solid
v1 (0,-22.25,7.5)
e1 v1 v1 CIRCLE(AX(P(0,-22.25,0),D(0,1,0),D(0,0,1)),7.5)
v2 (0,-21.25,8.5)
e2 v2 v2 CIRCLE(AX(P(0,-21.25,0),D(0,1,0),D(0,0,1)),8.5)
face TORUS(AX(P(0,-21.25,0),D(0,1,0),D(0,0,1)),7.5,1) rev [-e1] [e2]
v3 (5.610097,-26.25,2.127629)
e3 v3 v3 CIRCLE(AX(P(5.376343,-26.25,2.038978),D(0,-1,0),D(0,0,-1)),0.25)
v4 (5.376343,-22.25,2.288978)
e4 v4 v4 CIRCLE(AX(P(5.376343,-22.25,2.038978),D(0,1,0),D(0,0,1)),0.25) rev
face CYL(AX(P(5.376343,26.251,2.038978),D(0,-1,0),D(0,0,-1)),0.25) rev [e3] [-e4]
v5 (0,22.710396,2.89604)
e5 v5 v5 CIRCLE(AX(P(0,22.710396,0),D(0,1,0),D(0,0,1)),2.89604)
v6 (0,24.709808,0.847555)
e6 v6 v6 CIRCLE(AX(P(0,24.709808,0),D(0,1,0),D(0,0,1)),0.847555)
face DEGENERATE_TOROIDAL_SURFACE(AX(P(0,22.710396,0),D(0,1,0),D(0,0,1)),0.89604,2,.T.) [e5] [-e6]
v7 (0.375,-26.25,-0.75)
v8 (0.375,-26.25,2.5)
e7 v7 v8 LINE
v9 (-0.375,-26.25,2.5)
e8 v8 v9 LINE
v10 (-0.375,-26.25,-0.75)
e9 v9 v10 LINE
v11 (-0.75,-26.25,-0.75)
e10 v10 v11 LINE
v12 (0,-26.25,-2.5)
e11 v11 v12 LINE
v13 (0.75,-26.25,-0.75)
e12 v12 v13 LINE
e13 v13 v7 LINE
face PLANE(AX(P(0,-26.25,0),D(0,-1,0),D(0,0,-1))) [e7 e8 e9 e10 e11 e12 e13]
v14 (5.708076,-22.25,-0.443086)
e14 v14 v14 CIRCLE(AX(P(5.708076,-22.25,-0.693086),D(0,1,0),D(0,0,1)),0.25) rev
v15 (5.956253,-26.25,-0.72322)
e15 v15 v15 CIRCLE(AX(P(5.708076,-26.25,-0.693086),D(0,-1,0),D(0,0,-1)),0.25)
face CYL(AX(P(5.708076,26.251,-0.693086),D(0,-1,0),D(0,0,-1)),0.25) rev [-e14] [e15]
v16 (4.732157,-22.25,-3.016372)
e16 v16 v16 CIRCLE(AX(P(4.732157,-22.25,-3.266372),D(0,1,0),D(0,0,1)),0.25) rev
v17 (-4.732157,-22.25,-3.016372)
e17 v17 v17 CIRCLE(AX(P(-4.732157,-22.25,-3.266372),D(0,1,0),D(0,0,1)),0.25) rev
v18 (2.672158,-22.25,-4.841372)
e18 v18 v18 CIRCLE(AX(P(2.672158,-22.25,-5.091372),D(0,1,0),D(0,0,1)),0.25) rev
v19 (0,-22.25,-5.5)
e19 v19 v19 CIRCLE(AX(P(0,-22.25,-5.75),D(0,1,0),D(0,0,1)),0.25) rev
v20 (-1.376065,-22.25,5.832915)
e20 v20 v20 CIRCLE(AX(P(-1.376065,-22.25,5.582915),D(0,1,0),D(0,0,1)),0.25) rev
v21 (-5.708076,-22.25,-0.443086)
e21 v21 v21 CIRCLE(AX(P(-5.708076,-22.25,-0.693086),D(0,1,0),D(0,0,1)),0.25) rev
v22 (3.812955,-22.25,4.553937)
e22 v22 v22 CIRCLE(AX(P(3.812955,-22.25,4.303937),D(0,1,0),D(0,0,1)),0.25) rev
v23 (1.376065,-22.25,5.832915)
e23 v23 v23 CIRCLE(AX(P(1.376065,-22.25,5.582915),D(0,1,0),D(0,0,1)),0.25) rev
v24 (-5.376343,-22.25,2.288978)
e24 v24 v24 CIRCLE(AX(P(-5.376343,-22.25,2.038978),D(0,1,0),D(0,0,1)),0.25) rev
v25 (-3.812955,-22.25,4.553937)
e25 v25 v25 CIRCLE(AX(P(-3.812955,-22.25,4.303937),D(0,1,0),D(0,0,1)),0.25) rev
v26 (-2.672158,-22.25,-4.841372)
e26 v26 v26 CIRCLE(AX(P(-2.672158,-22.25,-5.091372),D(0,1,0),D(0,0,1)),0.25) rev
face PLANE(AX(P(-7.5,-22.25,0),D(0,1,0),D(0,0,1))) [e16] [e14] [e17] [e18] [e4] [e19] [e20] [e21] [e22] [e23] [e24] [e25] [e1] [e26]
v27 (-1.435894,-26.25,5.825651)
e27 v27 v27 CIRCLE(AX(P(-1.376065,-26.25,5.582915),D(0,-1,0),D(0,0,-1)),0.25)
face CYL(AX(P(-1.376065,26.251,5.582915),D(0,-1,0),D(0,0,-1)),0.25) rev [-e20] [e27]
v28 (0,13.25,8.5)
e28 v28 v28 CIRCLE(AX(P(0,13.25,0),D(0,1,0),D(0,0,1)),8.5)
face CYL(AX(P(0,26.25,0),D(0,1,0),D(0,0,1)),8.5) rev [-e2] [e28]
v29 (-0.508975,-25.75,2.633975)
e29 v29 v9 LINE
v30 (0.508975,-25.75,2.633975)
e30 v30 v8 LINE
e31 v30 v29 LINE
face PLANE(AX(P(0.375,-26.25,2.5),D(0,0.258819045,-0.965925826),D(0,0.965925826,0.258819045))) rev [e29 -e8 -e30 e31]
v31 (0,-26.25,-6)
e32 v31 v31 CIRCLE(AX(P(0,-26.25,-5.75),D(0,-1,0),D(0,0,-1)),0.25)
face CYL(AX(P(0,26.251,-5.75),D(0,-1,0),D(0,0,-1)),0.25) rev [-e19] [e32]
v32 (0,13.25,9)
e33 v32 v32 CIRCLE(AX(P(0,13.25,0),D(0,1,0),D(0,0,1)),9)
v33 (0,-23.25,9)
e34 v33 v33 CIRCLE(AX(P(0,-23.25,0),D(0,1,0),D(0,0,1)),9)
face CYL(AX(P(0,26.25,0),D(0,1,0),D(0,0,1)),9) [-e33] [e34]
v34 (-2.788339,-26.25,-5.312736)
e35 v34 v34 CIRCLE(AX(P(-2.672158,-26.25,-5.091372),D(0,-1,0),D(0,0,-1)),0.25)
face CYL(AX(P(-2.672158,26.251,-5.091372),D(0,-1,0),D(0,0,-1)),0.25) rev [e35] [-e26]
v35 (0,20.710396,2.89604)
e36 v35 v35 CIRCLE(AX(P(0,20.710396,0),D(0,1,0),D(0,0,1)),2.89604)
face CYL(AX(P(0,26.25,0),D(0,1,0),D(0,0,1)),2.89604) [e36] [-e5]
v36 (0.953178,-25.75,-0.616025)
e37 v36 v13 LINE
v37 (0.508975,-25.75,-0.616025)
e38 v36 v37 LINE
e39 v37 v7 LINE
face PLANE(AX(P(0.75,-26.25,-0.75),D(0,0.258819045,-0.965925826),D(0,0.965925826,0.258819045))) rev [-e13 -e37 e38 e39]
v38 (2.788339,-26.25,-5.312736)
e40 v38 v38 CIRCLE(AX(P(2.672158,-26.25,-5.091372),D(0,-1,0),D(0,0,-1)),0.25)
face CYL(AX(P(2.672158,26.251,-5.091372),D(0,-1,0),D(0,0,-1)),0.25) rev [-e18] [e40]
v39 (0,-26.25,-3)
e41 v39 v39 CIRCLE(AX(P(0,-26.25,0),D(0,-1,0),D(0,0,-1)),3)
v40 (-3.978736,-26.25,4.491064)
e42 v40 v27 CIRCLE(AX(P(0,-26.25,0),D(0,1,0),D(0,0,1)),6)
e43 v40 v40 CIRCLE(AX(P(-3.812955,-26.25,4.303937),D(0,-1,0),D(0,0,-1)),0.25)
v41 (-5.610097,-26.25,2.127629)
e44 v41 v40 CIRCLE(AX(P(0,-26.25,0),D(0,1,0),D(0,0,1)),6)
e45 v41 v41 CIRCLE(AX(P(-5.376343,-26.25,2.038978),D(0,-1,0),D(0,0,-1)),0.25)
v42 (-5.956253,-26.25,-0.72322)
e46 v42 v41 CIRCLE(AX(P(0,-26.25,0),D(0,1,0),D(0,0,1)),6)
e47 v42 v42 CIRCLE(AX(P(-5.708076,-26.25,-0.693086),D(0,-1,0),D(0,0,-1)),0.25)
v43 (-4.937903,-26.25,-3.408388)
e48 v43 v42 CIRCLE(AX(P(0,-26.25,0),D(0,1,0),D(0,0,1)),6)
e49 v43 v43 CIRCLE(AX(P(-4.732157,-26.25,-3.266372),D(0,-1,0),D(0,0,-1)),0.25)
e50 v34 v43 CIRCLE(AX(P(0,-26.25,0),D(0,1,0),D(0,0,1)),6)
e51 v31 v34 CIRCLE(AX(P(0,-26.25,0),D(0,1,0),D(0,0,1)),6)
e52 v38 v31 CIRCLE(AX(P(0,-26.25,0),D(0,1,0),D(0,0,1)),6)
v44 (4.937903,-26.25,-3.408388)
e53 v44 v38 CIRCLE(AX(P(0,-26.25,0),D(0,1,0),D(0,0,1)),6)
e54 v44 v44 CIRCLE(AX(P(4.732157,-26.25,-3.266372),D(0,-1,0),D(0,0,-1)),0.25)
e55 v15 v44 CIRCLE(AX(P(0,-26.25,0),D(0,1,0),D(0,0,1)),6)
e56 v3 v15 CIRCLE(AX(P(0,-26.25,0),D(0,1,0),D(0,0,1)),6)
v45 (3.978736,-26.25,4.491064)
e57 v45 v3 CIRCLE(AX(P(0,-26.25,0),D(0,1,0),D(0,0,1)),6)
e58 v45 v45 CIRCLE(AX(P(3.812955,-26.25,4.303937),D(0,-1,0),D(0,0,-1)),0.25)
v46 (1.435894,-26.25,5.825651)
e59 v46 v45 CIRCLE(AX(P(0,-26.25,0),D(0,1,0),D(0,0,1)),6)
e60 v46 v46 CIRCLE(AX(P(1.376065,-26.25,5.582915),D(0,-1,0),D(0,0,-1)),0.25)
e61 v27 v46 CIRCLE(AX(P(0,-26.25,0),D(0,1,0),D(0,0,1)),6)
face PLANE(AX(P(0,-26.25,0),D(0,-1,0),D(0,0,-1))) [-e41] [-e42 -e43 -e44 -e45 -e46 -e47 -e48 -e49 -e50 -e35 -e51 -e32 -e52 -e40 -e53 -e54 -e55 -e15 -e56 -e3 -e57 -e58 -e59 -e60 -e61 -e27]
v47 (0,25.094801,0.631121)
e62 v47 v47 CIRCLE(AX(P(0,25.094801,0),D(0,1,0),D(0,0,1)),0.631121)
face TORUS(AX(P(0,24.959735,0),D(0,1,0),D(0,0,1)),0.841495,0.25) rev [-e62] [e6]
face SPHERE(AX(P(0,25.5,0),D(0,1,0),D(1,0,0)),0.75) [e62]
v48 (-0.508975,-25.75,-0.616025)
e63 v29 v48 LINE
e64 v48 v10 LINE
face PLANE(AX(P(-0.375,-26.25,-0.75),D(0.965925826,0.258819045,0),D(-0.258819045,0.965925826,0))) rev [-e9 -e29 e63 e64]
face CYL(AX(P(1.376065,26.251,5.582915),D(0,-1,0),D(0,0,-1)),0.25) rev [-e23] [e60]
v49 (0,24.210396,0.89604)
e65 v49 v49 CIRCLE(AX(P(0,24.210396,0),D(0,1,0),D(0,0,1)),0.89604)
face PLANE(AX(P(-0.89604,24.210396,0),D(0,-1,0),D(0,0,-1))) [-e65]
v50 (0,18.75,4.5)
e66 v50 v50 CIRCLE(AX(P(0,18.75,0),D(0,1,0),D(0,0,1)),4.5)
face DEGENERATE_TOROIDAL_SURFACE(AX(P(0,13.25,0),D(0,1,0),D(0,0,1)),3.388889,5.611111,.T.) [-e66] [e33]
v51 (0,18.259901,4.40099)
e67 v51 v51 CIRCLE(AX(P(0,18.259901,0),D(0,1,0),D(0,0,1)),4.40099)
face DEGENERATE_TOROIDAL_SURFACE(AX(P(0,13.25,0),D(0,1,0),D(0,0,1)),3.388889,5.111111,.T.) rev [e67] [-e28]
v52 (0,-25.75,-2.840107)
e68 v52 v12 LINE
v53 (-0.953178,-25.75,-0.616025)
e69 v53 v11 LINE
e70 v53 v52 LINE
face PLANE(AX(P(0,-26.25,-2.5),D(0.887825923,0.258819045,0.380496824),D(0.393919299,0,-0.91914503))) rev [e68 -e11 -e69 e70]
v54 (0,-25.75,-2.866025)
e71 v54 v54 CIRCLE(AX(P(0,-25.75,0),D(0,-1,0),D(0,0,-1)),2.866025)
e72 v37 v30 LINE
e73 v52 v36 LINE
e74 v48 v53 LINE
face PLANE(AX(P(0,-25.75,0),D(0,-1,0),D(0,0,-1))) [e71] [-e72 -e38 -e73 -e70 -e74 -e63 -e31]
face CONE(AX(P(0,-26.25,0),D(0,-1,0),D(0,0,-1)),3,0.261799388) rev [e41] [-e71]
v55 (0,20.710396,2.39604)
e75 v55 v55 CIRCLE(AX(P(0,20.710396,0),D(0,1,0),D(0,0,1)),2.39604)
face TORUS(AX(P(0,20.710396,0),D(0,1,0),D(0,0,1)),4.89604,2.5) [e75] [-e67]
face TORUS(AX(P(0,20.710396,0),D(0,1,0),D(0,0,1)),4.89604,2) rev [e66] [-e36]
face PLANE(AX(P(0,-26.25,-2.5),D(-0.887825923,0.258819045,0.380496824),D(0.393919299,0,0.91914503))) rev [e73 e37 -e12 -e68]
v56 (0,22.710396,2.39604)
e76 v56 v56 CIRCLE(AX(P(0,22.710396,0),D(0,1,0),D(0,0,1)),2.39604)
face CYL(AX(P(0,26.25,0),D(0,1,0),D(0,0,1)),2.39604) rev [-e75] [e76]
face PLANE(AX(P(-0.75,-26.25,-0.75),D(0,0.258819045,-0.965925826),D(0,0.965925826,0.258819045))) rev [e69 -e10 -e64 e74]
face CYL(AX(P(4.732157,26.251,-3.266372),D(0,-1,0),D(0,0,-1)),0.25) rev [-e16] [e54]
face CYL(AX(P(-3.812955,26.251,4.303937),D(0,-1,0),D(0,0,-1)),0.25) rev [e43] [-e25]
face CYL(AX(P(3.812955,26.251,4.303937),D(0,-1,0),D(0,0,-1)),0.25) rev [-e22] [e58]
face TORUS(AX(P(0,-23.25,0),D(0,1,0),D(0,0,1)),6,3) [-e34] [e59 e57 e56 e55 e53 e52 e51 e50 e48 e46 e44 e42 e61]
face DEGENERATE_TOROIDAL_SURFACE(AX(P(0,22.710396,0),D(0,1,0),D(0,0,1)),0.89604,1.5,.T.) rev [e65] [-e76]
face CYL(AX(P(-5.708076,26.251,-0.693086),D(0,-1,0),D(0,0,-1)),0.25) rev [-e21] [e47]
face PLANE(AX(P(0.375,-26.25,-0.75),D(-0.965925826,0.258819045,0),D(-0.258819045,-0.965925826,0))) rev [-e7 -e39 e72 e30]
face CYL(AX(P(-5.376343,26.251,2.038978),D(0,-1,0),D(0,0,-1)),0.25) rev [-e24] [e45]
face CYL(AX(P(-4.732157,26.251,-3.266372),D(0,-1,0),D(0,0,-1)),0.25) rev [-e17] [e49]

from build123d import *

# Parameters (mm, degrees)
CUT_EXTRUDE1_REACH = 54.5
SKETCH2_R          = 0.25
SKETCH3_R          = 3
CUT_EXTRUDE2_DEPTH = 0.5
CUT_EXTRUDE2_TAPER = 15


with BuildPart() as part:
    # Sketch1 → Revolve1 (revolve)
    with BuildSketch(Plane.XY):
        with BuildLine():
            Line((0, -26.25), (-6, -26.25))
            ThreePointArc((-6, -26.25), (-8.121320344, -25.371320344), (-9, -23.25))
            Line((-9, -23.25), (-9, 13.25))
            ThreePointArc((-9, 13.25), (-7.73164929, 16.803167601), (-4.5, 18.75))
            ThreePointArc((-4.5, 18.75), (-3.348125006, 19.443920459), (-2.896039604, 20.71039604))
            Line((-2.896039604, 20.71039604), (-2.896039604, 22.71039604))
            ThreePointArc((-2.896039604, 22.71039604), (-2.293006224, 24.141648729), (-0.847555343, 24.709808272))
            ThreePointArc((-0.847555343, 24.709808272), (-0.623570884, 24.837222914), (-0.631121107, 25.094801101))
            ThreePointArc((-0.631121107, 25.094801101), (-0.658178993, 25.859583666), (0, 26.25))
            Line((0, 26.25), (0, 24.21039604))
            Line((0, 24.21039604), (-0.896039604, 24.21039604))
            ThreePointArc((-0.896039604, 24.21039604), (-1.956699776, 23.771056211), (-2.396039604, 22.71039604))
            Line((-2.396039604, 22.71039604), (-2.396039604, 20.71039604))
            ThreePointArc((-2.396039604, 20.71039604), (-2.961146356, 19.127301564), (-4.400990099, 18.25990099))
            ThreePointArc((-4.400990099, 18.25990099), (-7.34467064, 16.486548706), (-8.5, 13.25))
            Line((-8.5, 13.25), (-8.5, -21.25))
            ThreePointArc((-8.5, -21.25), (-8.207106781, -21.957106781), (-7.5, -22.25))
            Line((-7.5, -22.25), (0, -22.25))
            Line((0, -22.25), (0, -26.25))
        make_face()
    revolve(axis=Axis((0, 26.25, 0), (0, -1, 0)))

    # Sketch2 → Cut-Extrude1 (cut, up to next)
    with BuildSketch(Plane.XZ.offset(26.25), mode=Mode.PRIVATE) as cut_extrude1_sk1:
        with Locations((0, -5.75)):
            Circle(SKETCH2_R)
    cut_extrude1_tool1 = extrude(cut_extrude1_sk1.sketch, amount=-CUT_EXTRUDE1_REACH, mode=Mode.PRIVATE) & part.part
    add(cut_extrude1_tool1.solids().sort_by_distance((0, -26.25, -5.75))[0], mode=Mode.SUBTRACT)
    # Sketch2 → Cut-Extrude1 (cut, up to next)
    with BuildSketch(Plane.XZ.offset(26.25), mode=Mode.PRIVATE) as cut_extrude1_sk2:
        with Locations((-2.672158239, -5.091372148)):
            Circle(SKETCH2_R)
    cut_extrude1_tool2 = extrude(cut_extrude1_sk2.sketch, amount=-CUT_EXTRUDE1_REACH, mode=Mode.PRIVATE) & part.part
    add(cut_extrude1_tool2.solids().sort_by_distance((-2.672158, -26.25, -5.091372))[0], mode=Mode.SUBTRACT)
    # Sketch2 → Cut-Extrude1 (cut, up to next)
    with BuildSketch(Plane.XZ.offset(26.25), mode=Mode.PRIVATE) as cut_extrude1_sk3:
        with Locations((-4.732157229, -3.266372294)):
            Circle(SKETCH2_R)
    cut_extrude1_tool3 = extrude(cut_extrude1_sk3.sketch, amount=-CUT_EXTRUDE1_REACH, mode=Mode.PRIVATE) & part.part
    add(cut_extrude1_tool3.solids().sort_by_distance((-4.732157, -26.25, -3.266372))[0], mode=Mode.SUBTRACT)
    # Sketch2 → Cut-Extrude1 (cut, up to next)
    with BuildSketch(Plane.XZ.offset(26.25), mode=Mode.PRIVATE) as cut_extrude1_sk4:
        with Locations((-5.708076026, -0.693085911)):
            Circle(SKETCH2_R)
    cut_extrude1_tool4 = extrude(cut_extrude1_sk4.sketch, amount=-CUT_EXTRUDE1_REACH, mode=Mode.PRIVATE) & part.part
    add(cut_extrude1_tool4.solids().sort_by_distance((-5.708076, -26.25, -0.693086))[0], mode=Mode.SUBTRACT)
    # Sketch2 → Cut-Extrude1 (cut, up to next)
    with BuildSketch(Plane.XZ.offset(26.25), mode=Mode.PRIVATE) as cut_extrude1_sk5:
        with Locations((-5.376343395, 2.0389781)):
            Circle(SKETCH2_R)
    cut_extrude1_tool5 = extrude(cut_extrude1_sk5.sketch, amount=-CUT_EXTRUDE1_REACH, mode=Mode.PRIVATE) & part.part
    add(cut_extrude1_tool5.solids().sort_by_distance((-5.376343, -26.25, 2.038978))[0], mode=Mode.SUBTRACT)
    # Sketch2 → Cut-Extrude1 (cut, up to next)
    with BuildSketch(Plane.XZ.offset(26.25), mode=Mode.PRIVATE) as cut_extrude1_sk6:
        with Locations((-3.812955285, 4.303936802)):
            Circle(SKETCH2_R)
    cut_extrude1_tool6 = extrude(cut_extrude1_sk6.sketch, amount=-CUT_EXTRUDE1_REACH, mode=Mode.PRIVATE) & part.part
    add(cut_extrude1_tool6.solids().sort_by_distance((-3.812955, -26.25, 4.303937))[0], mode=Mode.SUBTRACT)
    # Sketch2 → Cut-Extrude1 (cut, up to next)
    with BuildSketch(Plane.XZ.offset(26.25), mode=Mode.PRIVATE) as cut_extrude1_sk7:
        with Locations((-1.37606507, 5.58291545)):
            Circle(SKETCH2_R)
    cut_extrude1_tool7 = extrude(cut_extrude1_sk7.sketch, amount=-CUT_EXTRUDE1_REACH, mode=Mode.PRIVATE) & part.part
    add(cut_extrude1_tool7.solids().sort_by_distance((-1.376065, -26.25, 5.582915))[0], mode=Mode.SUBTRACT)
    # Sketch2 → Cut-Extrude1 (cut, up to next)
    with BuildSketch(Plane.XZ.offset(26.25), mode=Mode.PRIVATE) as cut_extrude1_sk8:
        with Locations((1.37606507, 5.58291545)):
            Circle(SKETCH2_R)
    cut_extrude1_tool8 = extrude(cut_extrude1_sk8.sketch, amount=-CUT_EXTRUDE1_REACH, mode=Mode.PRIVATE) & part.part
    add(cut_extrude1_tool8.solids().sort_by_distance((1.376065, -26.25, 5.582915))[0], mode=Mode.SUBTRACT)
    # Sketch2 → Cut-Extrude1 (cut, up to next)
    with BuildSketch(Plane.XZ.offset(26.25), mode=Mode.PRIVATE) as cut_extrude1_sk9:
        with Locations((3.812955285, 4.303936802)):
            Circle(SKETCH2_R)
    cut_extrude1_tool9 = extrude(cut_extrude1_sk9.sketch, amount=-CUT_EXTRUDE1_REACH, mode=Mode.PRIVATE) & part.part
    add(cut_extrude1_tool9.solids().sort_by_distance((3.812955, -26.25, 4.303937))[0], mode=Mode.SUBTRACT)
    # Sketch2 → Cut-Extrude1 (cut, up to next)
    with BuildSketch(Plane.XZ.offset(26.25), mode=Mode.PRIVATE) as cut_extrude1_sk10:
        with Locations((5.376343395, 2.0389781)):
            Circle(SKETCH2_R)
    cut_extrude1_tool10 = extrude(cut_extrude1_sk10.sketch, amount=-CUT_EXTRUDE1_REACH, mode=Mode.PRIVATE) & part.part
    add(cut_extrude1_tool10.solids().sort_by_distance((5.376343, -26.25, 2.038978))[0], mode=Mode.SUBTRACT)
    # Sketch2 → Cut-Extrude1 (cut, up to next)
    with BuildSketch(Plane.XZ.offset(26.25), mode=Mode.PRIVATE) as cut_extrude1_sk11:
        with Locations((5.708076026, -0.693085911)):
            Circle(SKETCH2_R)
    cut_extrude1_tool11 = extrude(cut_extrude1_sk11.sketch, amount=-CUT_EXTRUDE1_REACH, mode=Mode.PRIVATE) & part.part
    add(cut_extrude1_tool11.solids().sort_by_distance((5.708076, -26.25, -0.693086))[0], mode=Mode.SUBTRACT)
    # Sketch2 → Cut-Extrude1 (cut, up to next)
    with BuildSketch(Plane.XZ.offset(26.25), mode=Mode.PRIVATE) as cut_extrude1_sk12:
        with Locations((4.732157229, -3.266372294)):
            Circle(SKETCH2_R)
    cut_extrude1_tool12 = extrude(cut_extrude1_sk12.sketch, amount=-CUT_EXTRUDE1_REACH, mode=Mode.PRIVATE) & part.part
    add(cut_extrude1_tool12.solids().sort_by_distance((4.732157, -26.25, -3.266372))[0], mode=Mode.SUBTRACT)
    # Sketch2 → Cut-Extrude1 (cut, up to next)
    with BuildSketch(Plane.XZ.offset(26.25), mode=Mode.PRIVATE) as cut_extrude1_sk13:
        with Locations((2.672158239, -5.091372148)):
            Circle(SKETCH2_R)
    cut_extrude1_tool13 = extrude(cut_extrude1_sk13.sketch, amount=-CUT_EXTRUDE1_REACH, mode=Mode.PRIVATE) & part.part
    add(cut_extrude1_tool13.solids().sort_by_distance((2.672158, -26.25, -5.091372))[0], mode=Mode.SUBTRACT)

    # Sketch3 → Cut-Extrude2 (cut)
    with BuildSketch(Plane.XZ.offset(26.25)):
        Circle(SKETCH3_R)
        Polygon((0.375, 2.5), (-0.375, 2.5), (-0.375, -0.75), (-0.75, -0.75), (0, -2.5), (0.75, -0.75), (0.375, -0.75), align=None, mode=Mode.SUBTRACT)
    extrude(amount=-CUT_EXTRUDE2_DEPTH, taper=CUT_EXTRUDE2_TAPER, mode=Mode.SUBTRACT)


solid = part.part
